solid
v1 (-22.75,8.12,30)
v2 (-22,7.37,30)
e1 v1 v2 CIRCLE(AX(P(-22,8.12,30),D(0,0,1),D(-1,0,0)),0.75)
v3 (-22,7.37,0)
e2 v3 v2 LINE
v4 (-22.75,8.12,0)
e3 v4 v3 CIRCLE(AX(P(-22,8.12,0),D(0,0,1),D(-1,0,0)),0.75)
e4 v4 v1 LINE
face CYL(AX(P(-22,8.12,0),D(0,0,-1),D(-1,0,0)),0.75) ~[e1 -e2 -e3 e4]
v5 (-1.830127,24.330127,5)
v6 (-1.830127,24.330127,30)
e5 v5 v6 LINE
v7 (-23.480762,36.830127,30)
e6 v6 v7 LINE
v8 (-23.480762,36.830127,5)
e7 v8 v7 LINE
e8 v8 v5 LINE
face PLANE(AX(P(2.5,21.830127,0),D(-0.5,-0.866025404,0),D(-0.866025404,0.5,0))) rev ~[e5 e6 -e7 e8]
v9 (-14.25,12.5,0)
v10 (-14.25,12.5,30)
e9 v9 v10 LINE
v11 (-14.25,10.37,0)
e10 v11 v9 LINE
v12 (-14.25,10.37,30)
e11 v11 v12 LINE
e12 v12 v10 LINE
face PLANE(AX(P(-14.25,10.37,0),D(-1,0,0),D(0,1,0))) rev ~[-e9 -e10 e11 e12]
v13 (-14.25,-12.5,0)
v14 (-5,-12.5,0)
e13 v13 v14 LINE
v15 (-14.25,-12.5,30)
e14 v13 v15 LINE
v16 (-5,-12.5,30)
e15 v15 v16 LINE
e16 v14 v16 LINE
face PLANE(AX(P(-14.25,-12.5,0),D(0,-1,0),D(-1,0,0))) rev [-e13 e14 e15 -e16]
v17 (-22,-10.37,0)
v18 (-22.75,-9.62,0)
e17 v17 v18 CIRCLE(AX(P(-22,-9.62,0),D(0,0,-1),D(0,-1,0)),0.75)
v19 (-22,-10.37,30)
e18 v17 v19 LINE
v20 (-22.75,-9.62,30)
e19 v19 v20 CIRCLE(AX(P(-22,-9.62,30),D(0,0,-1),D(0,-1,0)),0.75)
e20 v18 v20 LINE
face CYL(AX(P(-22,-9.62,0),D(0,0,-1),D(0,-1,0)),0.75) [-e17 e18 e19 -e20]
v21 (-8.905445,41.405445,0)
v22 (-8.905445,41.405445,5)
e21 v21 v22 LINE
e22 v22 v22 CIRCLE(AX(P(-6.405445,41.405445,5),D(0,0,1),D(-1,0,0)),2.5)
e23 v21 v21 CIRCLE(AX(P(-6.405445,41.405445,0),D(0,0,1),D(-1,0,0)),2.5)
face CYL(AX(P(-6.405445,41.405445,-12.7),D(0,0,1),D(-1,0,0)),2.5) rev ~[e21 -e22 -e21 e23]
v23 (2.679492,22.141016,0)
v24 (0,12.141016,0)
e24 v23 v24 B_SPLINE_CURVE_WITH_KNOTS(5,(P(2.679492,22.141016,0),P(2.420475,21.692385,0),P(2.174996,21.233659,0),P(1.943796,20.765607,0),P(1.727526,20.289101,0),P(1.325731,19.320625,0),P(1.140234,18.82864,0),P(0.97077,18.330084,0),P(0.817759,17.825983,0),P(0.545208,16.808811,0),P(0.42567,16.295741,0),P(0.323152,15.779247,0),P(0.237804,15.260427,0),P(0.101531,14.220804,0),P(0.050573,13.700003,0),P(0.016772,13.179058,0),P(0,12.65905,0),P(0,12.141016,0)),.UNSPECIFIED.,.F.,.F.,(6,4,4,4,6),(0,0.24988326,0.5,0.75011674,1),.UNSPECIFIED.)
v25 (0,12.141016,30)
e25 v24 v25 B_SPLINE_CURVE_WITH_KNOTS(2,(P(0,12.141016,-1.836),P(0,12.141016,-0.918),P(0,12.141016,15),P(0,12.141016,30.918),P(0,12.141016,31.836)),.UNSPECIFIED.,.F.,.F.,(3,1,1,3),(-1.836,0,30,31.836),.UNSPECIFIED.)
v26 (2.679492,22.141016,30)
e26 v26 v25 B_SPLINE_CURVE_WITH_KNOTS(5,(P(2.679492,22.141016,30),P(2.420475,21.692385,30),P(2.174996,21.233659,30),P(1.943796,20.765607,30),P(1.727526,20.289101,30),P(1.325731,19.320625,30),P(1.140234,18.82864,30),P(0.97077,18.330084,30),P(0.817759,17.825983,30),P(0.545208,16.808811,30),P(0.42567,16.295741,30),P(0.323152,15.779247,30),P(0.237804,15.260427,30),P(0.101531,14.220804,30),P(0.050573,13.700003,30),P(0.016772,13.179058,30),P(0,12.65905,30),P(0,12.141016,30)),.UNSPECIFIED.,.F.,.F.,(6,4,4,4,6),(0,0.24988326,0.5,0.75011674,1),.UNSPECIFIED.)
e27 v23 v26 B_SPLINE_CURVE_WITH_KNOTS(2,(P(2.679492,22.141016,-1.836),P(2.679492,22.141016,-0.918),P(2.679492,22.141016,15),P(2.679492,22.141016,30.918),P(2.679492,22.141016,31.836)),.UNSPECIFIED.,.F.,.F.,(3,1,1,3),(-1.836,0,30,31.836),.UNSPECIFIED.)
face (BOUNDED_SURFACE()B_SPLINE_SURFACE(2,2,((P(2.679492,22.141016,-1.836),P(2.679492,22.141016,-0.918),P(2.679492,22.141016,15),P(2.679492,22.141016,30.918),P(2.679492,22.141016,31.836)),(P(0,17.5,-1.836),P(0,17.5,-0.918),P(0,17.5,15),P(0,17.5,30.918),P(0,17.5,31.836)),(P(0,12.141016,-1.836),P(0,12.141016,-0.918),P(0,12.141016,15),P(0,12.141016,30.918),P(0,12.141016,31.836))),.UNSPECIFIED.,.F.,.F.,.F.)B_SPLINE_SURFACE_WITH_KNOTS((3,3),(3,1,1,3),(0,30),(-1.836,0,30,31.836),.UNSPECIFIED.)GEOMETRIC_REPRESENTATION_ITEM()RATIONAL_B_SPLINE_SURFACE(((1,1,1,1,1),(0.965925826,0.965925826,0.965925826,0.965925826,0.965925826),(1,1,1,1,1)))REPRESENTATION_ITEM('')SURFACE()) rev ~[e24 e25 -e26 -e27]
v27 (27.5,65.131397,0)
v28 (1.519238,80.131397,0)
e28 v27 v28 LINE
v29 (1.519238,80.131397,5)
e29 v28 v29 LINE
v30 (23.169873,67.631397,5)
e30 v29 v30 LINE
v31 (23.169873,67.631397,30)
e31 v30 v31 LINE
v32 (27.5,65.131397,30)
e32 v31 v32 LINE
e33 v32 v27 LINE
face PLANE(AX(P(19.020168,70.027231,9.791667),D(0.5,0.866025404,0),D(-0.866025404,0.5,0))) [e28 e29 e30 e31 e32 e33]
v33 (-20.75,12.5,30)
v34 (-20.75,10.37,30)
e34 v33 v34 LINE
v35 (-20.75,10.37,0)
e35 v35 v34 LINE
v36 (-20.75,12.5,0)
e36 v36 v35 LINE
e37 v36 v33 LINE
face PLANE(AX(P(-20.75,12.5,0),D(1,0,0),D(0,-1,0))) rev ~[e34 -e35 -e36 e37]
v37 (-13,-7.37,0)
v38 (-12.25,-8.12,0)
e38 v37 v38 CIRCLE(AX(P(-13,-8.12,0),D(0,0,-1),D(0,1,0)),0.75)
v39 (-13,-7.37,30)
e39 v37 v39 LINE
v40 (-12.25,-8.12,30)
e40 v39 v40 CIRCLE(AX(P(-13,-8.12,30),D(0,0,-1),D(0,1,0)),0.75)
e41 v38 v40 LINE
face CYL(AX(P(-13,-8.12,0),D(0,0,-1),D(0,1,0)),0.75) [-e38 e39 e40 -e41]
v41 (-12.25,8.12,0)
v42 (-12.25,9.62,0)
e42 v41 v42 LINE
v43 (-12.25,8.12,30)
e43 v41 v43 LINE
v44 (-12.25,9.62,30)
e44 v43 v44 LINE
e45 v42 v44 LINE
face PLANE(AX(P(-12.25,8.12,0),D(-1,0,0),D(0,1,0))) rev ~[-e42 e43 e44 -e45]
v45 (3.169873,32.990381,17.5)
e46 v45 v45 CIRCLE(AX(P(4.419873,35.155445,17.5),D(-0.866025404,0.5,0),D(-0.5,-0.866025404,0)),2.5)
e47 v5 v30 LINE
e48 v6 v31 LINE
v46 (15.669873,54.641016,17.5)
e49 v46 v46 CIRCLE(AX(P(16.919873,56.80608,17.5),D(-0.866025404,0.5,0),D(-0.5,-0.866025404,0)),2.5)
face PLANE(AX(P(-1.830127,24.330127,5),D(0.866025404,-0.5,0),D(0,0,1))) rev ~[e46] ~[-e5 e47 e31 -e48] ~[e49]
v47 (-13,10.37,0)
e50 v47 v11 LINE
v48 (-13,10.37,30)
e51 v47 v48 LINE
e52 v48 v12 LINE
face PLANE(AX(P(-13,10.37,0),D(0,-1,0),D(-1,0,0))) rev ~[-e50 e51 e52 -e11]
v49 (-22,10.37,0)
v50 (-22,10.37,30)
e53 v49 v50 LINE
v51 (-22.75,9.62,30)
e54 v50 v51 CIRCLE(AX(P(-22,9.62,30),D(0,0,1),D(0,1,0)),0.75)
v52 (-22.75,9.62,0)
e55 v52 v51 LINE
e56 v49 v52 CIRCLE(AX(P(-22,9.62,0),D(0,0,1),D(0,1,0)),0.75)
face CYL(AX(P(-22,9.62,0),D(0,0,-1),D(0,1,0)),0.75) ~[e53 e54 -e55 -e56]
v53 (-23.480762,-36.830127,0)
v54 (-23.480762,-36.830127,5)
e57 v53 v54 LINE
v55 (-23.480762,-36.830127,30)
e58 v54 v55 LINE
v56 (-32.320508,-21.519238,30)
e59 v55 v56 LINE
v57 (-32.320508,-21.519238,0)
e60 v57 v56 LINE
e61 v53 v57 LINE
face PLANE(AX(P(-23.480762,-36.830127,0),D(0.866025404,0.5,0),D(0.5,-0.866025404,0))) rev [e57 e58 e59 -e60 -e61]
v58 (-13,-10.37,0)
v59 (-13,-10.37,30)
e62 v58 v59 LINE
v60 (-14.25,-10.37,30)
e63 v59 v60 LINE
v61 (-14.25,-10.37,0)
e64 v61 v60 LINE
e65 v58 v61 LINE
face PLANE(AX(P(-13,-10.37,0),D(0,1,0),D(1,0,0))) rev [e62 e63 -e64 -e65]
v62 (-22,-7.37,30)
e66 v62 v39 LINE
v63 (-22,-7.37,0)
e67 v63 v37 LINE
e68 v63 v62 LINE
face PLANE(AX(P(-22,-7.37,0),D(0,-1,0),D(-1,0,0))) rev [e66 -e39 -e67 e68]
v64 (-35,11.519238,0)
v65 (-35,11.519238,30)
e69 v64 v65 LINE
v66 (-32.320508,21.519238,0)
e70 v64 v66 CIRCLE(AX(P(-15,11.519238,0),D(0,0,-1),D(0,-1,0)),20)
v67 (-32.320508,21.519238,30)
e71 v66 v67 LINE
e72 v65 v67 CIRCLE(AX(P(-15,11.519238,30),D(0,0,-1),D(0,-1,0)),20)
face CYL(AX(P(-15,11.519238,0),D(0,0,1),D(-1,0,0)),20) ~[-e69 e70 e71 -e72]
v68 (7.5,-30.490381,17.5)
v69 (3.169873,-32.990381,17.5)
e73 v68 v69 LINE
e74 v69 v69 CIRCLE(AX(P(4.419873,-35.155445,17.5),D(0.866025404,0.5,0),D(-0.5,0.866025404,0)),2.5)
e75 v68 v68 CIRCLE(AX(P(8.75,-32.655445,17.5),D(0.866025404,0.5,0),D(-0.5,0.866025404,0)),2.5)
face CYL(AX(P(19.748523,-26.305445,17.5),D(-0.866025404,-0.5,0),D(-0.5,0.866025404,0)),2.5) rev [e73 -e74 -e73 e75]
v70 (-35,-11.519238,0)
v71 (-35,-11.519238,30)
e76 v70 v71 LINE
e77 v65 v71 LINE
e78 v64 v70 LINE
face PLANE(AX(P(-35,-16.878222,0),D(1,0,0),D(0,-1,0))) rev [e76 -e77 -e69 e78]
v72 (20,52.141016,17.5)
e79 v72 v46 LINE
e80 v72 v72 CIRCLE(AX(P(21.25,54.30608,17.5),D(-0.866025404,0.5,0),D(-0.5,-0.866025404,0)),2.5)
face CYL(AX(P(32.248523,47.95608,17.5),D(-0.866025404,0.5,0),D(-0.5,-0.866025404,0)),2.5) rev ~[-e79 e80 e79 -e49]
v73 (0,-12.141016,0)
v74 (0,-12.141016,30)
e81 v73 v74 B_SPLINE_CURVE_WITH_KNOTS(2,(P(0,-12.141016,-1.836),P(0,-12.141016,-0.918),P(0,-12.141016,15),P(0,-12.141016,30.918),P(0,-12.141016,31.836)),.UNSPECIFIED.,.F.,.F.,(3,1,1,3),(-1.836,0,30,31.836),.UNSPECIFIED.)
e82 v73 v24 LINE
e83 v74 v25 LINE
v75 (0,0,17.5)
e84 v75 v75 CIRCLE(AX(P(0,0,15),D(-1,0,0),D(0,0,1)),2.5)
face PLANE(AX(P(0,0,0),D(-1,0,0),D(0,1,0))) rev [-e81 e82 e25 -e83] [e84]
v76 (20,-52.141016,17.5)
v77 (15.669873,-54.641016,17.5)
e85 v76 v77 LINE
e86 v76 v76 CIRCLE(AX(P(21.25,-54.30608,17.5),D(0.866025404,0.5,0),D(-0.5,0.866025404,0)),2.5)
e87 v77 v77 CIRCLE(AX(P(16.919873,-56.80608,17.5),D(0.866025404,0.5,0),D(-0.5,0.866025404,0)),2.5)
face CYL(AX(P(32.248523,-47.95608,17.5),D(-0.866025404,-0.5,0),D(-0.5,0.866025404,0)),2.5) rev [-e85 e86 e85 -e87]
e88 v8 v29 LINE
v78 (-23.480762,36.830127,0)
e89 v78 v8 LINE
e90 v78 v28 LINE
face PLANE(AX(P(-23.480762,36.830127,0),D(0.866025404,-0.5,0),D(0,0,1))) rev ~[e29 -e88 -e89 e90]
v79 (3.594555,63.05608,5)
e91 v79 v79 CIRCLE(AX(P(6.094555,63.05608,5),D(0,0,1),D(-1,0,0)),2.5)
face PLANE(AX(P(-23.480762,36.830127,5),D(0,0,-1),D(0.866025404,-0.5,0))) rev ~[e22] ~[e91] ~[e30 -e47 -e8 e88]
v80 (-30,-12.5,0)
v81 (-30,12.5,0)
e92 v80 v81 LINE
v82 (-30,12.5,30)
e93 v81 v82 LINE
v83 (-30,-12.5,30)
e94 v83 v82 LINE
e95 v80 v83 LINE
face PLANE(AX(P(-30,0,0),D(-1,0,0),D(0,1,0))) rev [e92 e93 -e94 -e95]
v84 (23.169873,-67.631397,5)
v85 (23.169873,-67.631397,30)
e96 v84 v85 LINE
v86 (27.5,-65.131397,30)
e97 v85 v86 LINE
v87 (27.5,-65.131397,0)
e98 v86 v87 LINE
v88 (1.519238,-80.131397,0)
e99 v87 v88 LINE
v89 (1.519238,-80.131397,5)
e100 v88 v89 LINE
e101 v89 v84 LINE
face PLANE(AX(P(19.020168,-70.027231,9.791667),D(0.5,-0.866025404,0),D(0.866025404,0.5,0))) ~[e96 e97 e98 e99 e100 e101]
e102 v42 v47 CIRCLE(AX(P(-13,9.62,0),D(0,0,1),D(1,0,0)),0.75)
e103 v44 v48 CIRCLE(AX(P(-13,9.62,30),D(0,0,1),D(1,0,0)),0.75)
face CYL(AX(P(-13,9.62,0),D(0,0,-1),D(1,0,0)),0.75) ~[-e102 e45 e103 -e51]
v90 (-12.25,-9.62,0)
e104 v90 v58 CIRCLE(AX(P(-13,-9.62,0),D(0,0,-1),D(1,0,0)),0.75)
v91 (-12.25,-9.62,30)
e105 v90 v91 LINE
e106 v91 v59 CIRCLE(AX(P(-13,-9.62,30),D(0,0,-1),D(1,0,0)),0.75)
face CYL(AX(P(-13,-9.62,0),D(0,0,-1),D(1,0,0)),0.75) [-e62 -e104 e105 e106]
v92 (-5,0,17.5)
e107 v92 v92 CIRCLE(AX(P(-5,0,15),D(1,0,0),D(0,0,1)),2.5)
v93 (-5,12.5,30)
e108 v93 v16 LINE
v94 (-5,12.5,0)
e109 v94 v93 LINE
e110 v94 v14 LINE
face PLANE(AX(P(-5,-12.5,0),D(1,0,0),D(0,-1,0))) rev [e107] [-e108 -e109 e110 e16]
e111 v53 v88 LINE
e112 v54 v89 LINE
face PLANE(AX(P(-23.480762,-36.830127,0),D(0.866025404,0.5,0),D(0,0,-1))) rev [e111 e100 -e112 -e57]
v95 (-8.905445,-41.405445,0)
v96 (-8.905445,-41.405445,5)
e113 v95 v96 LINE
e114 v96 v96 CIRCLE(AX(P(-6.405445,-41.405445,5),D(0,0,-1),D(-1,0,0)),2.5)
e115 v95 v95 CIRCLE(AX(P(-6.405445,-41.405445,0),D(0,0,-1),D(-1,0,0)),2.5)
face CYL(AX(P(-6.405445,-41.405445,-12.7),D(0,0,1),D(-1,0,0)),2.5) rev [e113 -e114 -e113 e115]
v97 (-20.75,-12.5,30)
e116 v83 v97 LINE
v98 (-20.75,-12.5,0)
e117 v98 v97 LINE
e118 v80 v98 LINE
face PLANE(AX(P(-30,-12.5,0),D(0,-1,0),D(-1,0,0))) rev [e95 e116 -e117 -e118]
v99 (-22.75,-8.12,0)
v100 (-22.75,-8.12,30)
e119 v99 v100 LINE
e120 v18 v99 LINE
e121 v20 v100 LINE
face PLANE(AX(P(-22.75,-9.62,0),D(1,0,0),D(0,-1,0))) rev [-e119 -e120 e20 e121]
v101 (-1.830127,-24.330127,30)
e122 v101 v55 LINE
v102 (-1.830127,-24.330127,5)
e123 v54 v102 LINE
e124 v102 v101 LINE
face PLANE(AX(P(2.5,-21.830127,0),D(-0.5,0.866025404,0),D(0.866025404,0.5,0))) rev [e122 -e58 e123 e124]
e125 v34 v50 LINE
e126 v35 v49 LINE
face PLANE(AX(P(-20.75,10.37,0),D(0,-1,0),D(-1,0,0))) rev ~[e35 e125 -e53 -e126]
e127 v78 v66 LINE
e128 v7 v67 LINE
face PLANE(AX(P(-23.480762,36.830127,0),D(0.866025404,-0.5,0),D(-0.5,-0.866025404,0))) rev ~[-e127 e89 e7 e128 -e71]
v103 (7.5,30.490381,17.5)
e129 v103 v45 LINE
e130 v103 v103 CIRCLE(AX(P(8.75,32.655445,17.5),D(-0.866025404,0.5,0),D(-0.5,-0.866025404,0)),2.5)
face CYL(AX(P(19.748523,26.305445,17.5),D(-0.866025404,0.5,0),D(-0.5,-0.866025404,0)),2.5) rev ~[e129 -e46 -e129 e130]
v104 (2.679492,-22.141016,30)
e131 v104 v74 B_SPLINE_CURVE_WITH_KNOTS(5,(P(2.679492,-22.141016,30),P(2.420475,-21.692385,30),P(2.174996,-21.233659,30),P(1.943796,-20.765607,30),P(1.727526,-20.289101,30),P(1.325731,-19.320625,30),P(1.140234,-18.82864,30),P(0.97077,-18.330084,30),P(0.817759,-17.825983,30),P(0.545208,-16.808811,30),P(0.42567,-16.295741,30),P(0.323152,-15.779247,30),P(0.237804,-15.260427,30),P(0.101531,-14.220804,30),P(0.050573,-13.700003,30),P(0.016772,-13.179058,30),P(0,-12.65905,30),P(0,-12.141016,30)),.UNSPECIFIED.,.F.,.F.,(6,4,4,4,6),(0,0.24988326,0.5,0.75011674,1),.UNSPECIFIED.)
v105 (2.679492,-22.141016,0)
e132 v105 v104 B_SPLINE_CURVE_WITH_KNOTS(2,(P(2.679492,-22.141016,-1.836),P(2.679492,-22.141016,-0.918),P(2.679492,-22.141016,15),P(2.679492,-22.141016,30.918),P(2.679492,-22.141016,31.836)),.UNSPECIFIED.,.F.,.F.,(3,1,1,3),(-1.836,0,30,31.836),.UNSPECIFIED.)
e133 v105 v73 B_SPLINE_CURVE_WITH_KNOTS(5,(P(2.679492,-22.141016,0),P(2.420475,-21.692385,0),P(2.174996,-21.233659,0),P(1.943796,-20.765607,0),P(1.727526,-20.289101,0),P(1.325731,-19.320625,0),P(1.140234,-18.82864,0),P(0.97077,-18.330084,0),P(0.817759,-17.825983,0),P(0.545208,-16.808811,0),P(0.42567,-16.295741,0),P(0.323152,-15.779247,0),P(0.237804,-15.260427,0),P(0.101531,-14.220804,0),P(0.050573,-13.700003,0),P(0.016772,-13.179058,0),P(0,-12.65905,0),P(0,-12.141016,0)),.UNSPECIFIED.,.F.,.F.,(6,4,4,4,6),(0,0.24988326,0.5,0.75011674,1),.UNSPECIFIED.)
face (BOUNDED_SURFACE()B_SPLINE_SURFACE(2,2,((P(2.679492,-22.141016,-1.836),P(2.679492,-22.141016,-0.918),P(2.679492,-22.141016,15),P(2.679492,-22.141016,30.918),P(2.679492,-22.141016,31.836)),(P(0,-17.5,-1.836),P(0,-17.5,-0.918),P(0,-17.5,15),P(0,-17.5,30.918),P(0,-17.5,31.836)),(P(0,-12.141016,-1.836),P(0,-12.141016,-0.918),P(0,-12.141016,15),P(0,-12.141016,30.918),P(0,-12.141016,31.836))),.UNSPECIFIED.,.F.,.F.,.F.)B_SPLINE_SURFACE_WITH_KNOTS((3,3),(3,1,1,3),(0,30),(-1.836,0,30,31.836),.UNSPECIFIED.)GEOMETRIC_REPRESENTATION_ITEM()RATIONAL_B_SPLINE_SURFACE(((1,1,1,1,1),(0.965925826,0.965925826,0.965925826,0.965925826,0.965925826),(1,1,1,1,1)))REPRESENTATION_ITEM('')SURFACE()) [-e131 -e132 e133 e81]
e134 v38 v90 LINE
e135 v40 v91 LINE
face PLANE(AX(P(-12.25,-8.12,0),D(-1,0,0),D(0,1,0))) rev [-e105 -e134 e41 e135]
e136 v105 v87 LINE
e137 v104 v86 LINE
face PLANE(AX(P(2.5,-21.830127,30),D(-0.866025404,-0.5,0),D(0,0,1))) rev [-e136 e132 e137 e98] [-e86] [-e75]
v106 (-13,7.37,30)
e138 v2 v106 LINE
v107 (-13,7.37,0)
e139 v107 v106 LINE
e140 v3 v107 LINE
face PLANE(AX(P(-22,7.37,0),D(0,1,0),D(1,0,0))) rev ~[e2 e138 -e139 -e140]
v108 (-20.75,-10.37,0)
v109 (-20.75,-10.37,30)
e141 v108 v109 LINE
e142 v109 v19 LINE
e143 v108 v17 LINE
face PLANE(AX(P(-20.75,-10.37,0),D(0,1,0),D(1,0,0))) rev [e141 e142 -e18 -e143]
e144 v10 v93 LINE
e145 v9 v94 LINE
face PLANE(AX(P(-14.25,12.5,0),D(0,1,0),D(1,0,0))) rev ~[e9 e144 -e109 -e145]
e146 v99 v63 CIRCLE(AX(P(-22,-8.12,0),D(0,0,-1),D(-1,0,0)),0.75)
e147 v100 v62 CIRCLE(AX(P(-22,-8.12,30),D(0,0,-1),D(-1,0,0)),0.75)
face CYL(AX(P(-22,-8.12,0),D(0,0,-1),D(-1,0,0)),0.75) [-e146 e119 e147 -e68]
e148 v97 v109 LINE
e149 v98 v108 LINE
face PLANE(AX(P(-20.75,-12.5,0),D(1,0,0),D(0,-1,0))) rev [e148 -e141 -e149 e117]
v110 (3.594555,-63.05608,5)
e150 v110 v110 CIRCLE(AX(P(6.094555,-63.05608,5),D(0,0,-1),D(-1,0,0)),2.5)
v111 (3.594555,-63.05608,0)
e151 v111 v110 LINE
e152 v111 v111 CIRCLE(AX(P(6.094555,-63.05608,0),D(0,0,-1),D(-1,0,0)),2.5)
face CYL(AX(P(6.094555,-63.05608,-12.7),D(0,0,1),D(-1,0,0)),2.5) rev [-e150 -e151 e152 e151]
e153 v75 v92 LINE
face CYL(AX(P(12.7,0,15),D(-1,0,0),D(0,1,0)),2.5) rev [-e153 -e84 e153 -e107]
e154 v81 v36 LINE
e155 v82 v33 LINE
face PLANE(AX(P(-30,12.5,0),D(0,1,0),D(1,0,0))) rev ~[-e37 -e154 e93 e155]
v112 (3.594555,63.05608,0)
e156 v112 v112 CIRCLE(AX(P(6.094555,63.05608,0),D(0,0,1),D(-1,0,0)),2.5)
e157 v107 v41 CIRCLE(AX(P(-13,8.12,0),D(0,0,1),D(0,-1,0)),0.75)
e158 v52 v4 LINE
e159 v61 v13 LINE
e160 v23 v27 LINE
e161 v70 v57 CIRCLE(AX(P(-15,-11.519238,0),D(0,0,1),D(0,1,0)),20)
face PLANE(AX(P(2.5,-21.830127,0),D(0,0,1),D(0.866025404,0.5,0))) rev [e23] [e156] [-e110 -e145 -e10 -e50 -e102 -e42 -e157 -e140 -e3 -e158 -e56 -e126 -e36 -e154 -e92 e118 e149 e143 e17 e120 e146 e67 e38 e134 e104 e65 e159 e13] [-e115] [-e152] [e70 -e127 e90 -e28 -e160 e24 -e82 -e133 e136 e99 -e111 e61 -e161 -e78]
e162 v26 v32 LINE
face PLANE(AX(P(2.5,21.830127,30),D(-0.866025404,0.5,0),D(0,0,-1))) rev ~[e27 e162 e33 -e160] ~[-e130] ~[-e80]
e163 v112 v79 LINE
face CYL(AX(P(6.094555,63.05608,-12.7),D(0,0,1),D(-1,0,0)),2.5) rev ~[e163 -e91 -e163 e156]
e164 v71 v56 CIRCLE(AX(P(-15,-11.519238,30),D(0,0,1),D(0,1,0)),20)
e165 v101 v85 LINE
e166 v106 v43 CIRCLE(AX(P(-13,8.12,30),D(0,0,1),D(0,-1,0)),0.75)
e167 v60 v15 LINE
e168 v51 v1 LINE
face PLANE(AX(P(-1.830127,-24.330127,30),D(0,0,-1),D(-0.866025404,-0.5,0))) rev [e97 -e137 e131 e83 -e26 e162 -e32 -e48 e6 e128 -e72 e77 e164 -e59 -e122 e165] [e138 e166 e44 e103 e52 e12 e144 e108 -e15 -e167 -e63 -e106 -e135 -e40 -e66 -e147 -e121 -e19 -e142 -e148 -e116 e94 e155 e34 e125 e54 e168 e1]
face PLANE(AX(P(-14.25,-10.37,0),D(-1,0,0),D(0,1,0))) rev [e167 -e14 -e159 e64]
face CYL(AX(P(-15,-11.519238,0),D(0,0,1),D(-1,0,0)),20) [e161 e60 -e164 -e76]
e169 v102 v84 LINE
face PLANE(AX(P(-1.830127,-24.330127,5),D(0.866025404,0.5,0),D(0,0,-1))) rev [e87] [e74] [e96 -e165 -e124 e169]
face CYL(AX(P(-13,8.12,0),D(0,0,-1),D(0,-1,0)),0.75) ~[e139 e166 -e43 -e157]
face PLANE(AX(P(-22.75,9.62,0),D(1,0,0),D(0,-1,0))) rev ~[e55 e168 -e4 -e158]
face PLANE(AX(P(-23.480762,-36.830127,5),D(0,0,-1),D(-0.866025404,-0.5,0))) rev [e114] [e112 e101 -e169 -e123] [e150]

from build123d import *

# Parameters (mm, degrees)
F1_DEPTH       = 30
F3_DEPTH       = 50
F7_D           = 5
F7_DEPTH       = 12.7
F7_TIP         = 1.5021515476
F7_ON_F4_D     = 5
F7_ON_F4_DEPTH = 12.7
F7_ON_F4_TIP   = 1.5021515476
F7_ON_F6_D     = 5
F7_ON_F6_DEPTH = 12.7
F7_ON_F6_TIP   = 1.5021515476
F8_R           = 20


with BuildPart() as f1:
    # F0 (on Top) → F1 (new body)
    with BuildSketch(Plane.XY):
        with BuildLine():
            Line((-35, 16.8782217351), (-35, 0))
            Line((-35, 0), (-30, 0))
            Line((-30, 0), (-30, 12.5))
            Line((-30, 12.5), (-20.75, 12.5))
            Line((-20.75, 12.5), (-20.75, 10.37))
            Line((-20.75, 10.37), (-22, 10.37))
            ThreePointArc((-22, 10.37), (-22.5303300859, 10.1503300859), (-22.75, 9.62))
            Line((-22.75, 9.62), (-22.75, 8.12))
            ThreePointArc((-22.75, 8.12), (-22.5303300859, 7.5896699141), (-22, 7.37))
            Line((-22, 7.37), (-13, 7.37))
            ThreePointArc((-13, 7.37), (-12.4696699141, 7.5896699141), (-12.25, 8.12))
            Line((-12.25, 8.12), (-12.25, 9.62))
            ThreePointArc((-12.25, 9.62), (-12.4696699141, 10.1503300859), (-13, 10.37))
            Line((-13, 10.37), (-14.25, 10.37))
            Line((-14.25, 10.37), (-14.25, 12.5))
            Line((-14.25, 12.5), (-5, 12.5))
            Line((-5, 12.5), (-5, 0))
            Line((-5, 0), (0, 0))
            Line((0, 0), (0, 17.5))
            Line((0, 17.5), (2.5, 21.8301270189))
            Line((2.5, 21.8301270189), (-23.4807621135, 36.8301270189))
            Line((-23.4807621135, 36.8301270189), (-35, 16.8782217351))
        make_face()
    extrude(amount=F1_DEPTH)

    # F2 (on face) → F3 (join)
    with BuildSketch(Plane(origin=(10.0777222831, 17.4551270189, 0), x_dir=(-0.8660254038, 0.5, 0), z_dir=(0.5, 0.8660254038, 0))):
        Polygon((13.75, 30), (8.75, 30), (8.75, 0), (38.75, 0), (38.75, 5), (13.75, 5), align=None)
    extrude(amount=F3_DEPTH)

    # F7
    with Locations(Plane.YZ):
        with Locations((0, 15)):
            Hole(F7_D / 2, depth=F7_DEPTH)
            with Locations((0, 0, -(F7_DEPTH + F7_TIP / 2))):  # 118° drill point
                Cone(0, F7_D / 2, F7_TIP, mode=Mode.SUBTRACT)

    # F7 on F4
    with Locations(Plane(origin=(0, 0, 0), x_dir=(1, 0, 0), z_dir=(0, 0, -1))):
        with Locations((-6.4054445662, -41.4054445662), (6.0945554338, -63.0560796608)):
            Hole(F7_ON_F4_D / 2, depth=F7_ON_F4_DEPTH)
            with Locations((0, 0, -(F7_ON_F4_DEPTH + F7_ON_F4_TIP / 2))):  # 118° drill point
                Cone(0, F7_ON_F4_D / 2, F7_ON_F4_TIP, mode=Mode.SUBTRACT)

    # F7 on F6
    with Locations(Plane(origin=(-7.5777222831, 4.375, 0), x_dir=(0.5, 0.8660254038, 0), z_dir=(0.8660254038, -0.5, 0))):
        with Locations((32.6554445662, 17.5), (57.6554445662, 17.5)):
            Hole(F7_ON_F6_D / 2, depth=F7_ON_F6_DEPTH)
            with Locations((0, 0, -(F7_ON_F6_DEPTH + F7_ON_F6_TIP / 2))):  # 118° drill point
                Cone(0, F7_ON_F6_D / 2, F7_ON_F6_TIP, mode=Mode.SUBTRACT)

    # F8
    f8_edges = [f1.edges().sort_by_distance(p)[0] for p in [
        (-35, 16.878222, 15),
        (0, 17.5, 15),
    ]]
    fillet(f8_edges, radius=F8_R)

    # F9: F1 across plane


with BuildPart() as f1_1:
    add(f1.part)
    add(f1.part.mirror(Plane.XZ))


solid = f1_1.part
